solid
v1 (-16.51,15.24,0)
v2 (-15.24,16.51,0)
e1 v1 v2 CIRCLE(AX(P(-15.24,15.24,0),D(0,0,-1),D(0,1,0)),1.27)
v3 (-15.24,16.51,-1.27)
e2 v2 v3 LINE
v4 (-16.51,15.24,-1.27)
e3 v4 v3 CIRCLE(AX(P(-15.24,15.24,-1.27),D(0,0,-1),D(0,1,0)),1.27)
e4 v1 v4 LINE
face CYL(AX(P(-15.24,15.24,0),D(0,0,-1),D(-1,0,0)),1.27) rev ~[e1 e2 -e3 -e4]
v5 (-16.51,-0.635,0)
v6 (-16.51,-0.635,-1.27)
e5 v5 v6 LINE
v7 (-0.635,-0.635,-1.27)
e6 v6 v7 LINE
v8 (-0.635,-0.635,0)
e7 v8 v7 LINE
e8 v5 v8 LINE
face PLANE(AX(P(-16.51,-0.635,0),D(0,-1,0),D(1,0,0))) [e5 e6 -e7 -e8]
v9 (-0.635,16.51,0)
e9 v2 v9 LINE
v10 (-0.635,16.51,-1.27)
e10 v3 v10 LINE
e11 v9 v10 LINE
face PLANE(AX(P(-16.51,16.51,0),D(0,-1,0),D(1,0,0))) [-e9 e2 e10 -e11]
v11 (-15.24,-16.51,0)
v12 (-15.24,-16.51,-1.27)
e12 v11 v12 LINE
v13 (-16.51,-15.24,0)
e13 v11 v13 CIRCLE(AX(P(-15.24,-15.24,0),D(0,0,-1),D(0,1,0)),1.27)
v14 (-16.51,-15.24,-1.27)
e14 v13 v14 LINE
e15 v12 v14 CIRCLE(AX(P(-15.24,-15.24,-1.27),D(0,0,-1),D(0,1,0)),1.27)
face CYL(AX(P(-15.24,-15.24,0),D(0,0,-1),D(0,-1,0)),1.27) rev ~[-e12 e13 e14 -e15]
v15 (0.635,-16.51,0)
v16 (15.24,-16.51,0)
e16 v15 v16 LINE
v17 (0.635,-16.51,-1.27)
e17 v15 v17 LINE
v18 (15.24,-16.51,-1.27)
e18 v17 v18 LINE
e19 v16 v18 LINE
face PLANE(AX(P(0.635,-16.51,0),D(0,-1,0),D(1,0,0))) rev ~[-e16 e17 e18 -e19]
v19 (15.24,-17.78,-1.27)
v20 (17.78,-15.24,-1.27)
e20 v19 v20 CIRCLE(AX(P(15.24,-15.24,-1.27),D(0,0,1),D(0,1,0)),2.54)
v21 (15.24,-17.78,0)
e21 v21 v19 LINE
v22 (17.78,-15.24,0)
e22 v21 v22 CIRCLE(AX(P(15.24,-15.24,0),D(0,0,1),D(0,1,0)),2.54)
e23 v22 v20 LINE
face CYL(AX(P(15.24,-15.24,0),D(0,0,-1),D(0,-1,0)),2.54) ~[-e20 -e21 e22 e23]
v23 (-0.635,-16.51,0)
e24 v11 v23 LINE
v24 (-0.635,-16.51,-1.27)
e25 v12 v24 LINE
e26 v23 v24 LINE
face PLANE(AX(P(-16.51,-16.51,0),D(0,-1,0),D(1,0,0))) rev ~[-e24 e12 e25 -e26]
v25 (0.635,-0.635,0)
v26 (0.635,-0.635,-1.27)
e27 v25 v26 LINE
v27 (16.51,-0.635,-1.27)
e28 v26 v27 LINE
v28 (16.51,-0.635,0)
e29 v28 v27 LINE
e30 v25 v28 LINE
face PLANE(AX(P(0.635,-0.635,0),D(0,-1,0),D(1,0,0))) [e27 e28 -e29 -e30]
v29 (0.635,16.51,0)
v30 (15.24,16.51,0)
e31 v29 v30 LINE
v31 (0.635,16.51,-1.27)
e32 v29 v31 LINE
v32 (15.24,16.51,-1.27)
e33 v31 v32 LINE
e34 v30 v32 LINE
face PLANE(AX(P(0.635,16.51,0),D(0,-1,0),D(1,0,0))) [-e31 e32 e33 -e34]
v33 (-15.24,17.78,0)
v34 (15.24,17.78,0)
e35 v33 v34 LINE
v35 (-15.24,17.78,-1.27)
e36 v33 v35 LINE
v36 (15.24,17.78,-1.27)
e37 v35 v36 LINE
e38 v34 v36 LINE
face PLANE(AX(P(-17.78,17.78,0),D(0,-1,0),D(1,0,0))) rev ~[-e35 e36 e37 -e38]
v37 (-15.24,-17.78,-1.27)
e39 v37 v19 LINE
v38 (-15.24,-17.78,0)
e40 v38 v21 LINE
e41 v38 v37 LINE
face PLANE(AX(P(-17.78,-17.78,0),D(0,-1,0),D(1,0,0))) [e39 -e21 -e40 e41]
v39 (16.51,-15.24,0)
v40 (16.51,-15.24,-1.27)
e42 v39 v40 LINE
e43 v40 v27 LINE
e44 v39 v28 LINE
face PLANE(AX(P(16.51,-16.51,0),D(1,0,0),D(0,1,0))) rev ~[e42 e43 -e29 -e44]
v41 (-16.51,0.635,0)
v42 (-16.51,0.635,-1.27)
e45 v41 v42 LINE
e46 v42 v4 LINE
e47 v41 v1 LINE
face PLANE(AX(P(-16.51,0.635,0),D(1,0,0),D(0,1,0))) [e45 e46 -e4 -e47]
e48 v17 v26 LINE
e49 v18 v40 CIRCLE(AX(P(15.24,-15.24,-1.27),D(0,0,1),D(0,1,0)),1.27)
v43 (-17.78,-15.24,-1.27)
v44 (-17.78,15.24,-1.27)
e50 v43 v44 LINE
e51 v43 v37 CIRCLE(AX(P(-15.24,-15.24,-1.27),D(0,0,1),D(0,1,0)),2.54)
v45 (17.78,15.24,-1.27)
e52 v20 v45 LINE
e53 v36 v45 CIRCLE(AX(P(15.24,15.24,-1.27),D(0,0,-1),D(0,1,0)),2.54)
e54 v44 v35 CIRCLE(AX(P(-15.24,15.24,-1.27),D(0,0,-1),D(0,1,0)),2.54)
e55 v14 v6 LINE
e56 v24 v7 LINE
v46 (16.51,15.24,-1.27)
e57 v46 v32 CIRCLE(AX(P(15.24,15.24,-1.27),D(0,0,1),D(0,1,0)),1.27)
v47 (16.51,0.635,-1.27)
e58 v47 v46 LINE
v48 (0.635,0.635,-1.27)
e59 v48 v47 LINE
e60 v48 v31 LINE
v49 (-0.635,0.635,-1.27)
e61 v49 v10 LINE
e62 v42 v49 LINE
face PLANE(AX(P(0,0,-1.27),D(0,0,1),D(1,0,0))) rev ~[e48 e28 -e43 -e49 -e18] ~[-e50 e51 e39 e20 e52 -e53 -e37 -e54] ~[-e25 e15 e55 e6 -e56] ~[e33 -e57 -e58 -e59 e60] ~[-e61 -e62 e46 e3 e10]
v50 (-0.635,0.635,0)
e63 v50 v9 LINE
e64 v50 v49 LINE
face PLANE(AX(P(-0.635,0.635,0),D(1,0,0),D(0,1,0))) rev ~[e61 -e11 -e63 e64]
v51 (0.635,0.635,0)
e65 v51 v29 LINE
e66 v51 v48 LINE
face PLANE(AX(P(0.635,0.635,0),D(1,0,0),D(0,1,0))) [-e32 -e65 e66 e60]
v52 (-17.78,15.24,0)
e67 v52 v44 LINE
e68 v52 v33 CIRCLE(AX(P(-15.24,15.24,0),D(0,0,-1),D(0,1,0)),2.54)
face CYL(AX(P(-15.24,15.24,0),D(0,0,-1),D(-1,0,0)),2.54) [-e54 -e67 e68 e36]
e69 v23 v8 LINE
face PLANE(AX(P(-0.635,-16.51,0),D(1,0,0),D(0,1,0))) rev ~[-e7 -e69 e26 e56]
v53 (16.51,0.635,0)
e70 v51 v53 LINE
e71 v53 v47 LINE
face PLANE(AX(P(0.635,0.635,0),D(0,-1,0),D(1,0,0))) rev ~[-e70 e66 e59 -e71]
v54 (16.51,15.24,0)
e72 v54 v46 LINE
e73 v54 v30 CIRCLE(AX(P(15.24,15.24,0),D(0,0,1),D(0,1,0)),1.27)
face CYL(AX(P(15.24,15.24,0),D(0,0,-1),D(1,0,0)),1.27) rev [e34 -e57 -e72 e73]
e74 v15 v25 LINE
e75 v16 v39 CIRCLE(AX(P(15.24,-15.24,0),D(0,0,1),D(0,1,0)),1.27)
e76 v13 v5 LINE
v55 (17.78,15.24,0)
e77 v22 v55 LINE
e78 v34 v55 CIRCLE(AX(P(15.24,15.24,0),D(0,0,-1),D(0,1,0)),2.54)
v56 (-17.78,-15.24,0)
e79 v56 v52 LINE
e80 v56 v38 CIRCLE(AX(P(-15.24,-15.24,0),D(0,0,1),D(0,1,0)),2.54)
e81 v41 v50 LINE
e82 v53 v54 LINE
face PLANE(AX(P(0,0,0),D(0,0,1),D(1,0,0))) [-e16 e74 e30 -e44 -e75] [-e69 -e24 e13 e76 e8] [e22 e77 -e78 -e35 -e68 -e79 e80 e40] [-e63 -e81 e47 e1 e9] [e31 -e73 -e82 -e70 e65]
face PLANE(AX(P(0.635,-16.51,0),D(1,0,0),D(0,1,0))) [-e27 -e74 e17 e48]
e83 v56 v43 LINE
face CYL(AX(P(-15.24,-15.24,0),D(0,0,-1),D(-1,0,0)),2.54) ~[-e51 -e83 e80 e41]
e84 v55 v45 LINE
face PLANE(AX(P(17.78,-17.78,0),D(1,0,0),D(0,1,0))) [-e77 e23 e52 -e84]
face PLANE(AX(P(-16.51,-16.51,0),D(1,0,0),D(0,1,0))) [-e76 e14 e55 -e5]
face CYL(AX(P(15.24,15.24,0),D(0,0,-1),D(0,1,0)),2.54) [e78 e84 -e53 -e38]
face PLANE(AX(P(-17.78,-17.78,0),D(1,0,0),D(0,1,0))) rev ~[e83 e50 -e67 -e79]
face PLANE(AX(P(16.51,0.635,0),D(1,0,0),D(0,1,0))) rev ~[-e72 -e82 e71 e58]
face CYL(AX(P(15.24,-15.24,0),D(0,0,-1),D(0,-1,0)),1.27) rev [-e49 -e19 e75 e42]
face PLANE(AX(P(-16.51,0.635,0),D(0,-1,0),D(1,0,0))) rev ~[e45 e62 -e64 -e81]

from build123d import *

# Parameters (mm, degrees)
F0_W     = 35.56
F0_H     = 35.56
F0_W_2   = 15.875
F0_H_2   = 15.875
F1_DEPTH = 1.27
F2_R     = 2.54
F3_R     = 1.27


with BuildPart() as f1:
    # F0 (on Top) → F1 (new body)
    with BuildSketch(Plane.XY):
        Rectangle(F0_W, F0_H)
        with Locations((-8.5725, -8.5725)):
            Rectangle(F0_W_2, F0_H_2, mode=Mode.SUBTRACT)
        with Locations((8.5725, -8.5725)):
            Rectangle(F0_W_2, F0_H_2, mode=Mode.SUBTRACT)
        with Locations((-8.5725, 8.5725)):
            Rectangle(F0_W_2, F0_H_2, mode=Mode.SUBTRACT)
        with Locations((8.5725, 8.5725)):
            Rectangle(F0_W_2, F0_H_2, mode=Mode.SUBTRACT)
    extrude(amount=-F1_DEPTH)

    # F2
    f2_edges = [f1.edges().sort_by_distance(p)[0] for p in [
        (-17.78, -17.78, -0.635),
        (17.78, -17.78, -0.635),
        (17.78, 17.78, -0.635),
        (-17.78, 17.78, -0.635),
    ]]
    fillet(f2_edges, radius=F2_R)

    # F3
    f3_edges = [f1.edges().sort_by_distance(p)[0] for p in [
        (-16.51, 16.51, -0.635),
        (16.51, 16.51, -0.635),
        (16.51, -16.51, -0.635),
        (-16.51, -16.51, -0.635),
    ]]
    fillet(f3_edges, radius=F3_R)


solid = f1.part
